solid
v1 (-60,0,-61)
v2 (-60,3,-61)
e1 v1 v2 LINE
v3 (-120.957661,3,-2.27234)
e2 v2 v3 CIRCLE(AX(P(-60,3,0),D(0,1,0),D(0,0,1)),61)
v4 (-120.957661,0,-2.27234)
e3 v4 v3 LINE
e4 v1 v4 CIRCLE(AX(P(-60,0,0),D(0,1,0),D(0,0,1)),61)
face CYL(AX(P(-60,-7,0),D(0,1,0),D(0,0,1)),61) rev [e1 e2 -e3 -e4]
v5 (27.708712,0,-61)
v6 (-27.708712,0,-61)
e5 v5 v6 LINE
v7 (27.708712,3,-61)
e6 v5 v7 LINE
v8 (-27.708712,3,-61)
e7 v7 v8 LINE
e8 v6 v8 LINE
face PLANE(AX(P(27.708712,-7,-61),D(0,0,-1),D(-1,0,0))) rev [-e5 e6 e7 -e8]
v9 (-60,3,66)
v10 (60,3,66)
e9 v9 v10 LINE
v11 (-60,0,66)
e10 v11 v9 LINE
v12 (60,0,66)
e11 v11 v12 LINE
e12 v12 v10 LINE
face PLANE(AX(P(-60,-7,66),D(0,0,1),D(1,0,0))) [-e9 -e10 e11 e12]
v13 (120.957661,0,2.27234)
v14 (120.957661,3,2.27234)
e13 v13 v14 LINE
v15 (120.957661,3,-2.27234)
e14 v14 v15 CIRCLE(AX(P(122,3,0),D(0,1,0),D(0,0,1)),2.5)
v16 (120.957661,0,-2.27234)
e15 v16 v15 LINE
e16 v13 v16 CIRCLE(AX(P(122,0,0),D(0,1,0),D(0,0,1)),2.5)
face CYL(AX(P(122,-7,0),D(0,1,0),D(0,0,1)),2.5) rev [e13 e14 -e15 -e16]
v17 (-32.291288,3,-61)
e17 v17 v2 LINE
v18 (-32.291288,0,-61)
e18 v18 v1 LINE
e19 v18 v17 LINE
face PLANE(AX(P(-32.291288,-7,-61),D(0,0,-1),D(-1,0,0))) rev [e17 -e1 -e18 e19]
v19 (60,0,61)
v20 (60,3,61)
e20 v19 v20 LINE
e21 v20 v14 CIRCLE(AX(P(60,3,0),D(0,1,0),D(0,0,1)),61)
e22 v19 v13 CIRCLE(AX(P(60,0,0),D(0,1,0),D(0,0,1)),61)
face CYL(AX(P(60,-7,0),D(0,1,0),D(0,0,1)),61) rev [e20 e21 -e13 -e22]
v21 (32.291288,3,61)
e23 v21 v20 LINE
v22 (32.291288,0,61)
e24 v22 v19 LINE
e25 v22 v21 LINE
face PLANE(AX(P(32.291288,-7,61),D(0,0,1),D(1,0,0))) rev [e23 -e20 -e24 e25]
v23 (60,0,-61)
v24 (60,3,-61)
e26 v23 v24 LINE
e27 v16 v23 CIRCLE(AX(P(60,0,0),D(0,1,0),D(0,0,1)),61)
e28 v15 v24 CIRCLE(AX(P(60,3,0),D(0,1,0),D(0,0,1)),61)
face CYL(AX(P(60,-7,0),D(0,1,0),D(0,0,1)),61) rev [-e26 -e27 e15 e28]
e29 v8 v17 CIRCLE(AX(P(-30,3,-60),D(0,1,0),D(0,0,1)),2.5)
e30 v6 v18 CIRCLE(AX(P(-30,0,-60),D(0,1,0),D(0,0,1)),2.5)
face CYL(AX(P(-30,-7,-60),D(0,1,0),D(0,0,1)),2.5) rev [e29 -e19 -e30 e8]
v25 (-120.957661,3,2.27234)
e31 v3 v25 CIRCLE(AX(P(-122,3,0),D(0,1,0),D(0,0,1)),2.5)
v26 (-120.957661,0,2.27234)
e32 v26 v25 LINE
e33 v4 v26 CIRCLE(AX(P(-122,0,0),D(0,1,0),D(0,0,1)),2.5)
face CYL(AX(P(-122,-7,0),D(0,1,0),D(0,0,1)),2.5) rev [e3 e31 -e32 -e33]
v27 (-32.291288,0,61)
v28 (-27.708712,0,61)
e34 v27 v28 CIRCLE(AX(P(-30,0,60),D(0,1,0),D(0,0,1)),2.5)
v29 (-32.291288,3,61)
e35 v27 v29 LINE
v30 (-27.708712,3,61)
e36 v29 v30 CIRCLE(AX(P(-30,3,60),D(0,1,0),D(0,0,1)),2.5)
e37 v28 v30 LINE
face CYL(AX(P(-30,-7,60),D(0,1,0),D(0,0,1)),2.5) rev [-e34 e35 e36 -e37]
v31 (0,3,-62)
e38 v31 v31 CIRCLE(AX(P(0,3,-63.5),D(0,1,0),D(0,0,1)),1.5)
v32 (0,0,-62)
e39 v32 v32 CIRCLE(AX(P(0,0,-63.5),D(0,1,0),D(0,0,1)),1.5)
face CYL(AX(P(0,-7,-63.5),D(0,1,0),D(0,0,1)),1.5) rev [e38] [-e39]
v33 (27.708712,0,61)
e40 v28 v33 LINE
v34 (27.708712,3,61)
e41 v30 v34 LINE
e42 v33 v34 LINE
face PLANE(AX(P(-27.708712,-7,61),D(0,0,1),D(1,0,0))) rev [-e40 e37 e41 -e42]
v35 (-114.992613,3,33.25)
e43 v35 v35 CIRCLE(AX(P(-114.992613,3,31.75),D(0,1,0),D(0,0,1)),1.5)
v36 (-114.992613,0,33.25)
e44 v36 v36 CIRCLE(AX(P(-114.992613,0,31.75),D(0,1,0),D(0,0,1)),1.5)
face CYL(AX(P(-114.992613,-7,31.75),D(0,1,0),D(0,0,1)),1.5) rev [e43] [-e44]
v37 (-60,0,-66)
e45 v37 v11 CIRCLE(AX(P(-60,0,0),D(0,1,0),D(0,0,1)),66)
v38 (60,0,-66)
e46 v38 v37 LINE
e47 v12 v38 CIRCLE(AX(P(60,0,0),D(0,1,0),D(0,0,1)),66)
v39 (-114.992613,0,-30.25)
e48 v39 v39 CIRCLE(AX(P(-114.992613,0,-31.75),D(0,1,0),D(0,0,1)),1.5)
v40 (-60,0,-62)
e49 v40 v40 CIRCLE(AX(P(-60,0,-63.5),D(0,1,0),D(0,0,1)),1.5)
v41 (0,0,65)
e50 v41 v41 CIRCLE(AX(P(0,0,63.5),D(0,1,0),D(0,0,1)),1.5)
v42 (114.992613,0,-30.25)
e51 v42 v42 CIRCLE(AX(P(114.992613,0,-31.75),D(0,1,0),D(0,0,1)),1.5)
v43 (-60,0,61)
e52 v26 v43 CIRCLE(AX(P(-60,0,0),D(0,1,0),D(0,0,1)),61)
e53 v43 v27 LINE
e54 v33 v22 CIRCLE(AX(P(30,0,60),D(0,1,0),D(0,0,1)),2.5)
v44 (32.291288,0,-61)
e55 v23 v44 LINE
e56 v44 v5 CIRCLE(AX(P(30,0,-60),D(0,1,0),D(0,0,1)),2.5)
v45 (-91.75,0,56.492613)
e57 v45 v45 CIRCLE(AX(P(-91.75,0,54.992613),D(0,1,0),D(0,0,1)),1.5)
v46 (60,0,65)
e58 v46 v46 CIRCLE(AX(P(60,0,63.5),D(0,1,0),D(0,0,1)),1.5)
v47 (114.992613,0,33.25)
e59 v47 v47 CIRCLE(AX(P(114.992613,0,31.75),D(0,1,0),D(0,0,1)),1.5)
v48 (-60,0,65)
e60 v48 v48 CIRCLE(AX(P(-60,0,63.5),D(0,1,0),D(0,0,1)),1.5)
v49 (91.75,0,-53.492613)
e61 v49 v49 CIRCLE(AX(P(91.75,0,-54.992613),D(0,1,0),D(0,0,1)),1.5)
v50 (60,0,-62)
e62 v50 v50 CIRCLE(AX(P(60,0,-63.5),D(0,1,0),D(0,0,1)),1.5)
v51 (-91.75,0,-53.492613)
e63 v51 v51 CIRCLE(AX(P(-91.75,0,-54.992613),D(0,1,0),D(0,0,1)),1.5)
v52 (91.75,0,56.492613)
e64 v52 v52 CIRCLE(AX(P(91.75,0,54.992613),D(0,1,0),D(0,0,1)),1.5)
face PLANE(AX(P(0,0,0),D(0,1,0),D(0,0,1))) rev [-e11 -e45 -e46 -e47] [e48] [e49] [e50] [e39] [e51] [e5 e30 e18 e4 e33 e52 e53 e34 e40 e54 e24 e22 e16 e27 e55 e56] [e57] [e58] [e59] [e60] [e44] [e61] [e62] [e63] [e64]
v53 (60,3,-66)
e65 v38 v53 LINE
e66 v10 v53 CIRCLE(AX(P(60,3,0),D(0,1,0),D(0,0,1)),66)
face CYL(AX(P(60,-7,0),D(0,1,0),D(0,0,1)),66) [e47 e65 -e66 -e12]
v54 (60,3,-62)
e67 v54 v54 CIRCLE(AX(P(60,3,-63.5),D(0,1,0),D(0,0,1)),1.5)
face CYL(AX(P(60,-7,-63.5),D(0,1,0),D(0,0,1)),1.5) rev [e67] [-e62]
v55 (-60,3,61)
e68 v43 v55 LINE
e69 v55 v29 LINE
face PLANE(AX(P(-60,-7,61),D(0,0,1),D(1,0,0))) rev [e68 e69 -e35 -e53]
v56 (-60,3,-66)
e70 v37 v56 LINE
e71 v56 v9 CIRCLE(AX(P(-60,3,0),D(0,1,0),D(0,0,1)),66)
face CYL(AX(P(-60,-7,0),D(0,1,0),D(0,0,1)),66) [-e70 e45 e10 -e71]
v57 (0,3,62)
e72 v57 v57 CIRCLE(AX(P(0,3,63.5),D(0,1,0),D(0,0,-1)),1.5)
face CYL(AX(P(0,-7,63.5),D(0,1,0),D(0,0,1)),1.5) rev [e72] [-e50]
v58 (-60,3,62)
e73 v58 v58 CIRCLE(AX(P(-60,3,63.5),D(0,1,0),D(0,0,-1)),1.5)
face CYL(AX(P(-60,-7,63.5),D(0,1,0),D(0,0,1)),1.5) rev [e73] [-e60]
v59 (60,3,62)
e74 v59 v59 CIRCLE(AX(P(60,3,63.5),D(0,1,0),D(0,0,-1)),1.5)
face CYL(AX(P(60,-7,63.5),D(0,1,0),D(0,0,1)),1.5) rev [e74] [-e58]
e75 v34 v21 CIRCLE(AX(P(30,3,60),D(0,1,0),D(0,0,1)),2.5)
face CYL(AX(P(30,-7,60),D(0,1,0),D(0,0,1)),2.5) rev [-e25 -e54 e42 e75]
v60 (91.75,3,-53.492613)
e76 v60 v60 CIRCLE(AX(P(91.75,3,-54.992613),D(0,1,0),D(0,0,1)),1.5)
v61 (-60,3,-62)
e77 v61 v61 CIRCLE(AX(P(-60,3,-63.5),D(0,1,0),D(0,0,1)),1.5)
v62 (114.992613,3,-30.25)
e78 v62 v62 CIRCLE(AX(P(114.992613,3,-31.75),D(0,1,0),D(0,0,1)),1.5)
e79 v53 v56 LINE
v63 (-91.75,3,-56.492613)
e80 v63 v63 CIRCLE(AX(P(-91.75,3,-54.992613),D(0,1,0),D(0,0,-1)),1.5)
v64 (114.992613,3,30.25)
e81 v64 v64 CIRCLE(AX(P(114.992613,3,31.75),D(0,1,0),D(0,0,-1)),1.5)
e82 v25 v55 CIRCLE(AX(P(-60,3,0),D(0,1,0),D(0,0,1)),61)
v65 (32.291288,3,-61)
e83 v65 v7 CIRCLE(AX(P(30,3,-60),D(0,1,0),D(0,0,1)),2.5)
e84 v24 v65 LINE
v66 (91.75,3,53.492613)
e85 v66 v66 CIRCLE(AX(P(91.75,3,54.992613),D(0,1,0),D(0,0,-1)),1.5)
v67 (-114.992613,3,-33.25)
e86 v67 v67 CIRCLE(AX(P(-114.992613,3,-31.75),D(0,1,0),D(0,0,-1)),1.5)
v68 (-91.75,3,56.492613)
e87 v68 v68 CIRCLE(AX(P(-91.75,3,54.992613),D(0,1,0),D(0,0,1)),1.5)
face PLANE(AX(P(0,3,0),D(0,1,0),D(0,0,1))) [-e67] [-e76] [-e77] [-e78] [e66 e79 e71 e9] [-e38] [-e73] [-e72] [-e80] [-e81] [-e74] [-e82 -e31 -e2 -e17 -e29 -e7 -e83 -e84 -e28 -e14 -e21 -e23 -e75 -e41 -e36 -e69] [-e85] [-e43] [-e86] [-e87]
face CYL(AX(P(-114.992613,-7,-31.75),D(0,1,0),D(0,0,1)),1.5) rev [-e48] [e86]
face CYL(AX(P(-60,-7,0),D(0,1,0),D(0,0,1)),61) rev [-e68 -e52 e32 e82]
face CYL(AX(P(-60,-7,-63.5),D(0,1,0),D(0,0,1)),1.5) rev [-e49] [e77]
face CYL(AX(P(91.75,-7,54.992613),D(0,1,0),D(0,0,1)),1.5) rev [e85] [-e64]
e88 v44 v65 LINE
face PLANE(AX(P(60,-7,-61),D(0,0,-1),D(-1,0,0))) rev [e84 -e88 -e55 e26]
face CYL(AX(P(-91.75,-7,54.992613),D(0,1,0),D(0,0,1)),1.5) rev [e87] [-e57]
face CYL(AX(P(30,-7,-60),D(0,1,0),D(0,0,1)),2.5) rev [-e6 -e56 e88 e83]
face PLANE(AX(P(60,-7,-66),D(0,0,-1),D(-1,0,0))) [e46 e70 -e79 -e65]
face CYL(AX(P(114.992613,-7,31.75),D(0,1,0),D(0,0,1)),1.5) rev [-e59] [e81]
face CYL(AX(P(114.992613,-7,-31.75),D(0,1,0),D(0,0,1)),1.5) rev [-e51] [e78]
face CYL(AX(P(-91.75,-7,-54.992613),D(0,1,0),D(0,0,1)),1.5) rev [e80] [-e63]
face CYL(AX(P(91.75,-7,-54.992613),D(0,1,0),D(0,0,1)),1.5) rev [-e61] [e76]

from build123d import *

# Parameters (mm, degrees)
SKETCH_1_R          = 1.5
EXTRUDE_2_DEPTH     = 3
CUT_EXTRUDE_1_DEPTH = 10
SKETCH_4_R          = 7.5
CUT_EXTRUDE_2_DEPTH = 10
SKETCH_5_R          = 1.5
CUT_EXTRUDE_3_DEPTH = 10
CUT_EXTRUDE_4_DEPTH = 10


with BuildPart() as part:
    # 草图1 → 凸台-拉伸2 (new body)
    with BuildSketch(Plane(origin=(0, 0, 0), x_dir=(1, 0, 0), z_dir=(0, 1, 0))):
        with BuildLine():
            Line((-60, 70), (60, 70))
            ThreePointArc((60, 70), (130, 0), (60, -70))
            Line((60, -70), (-60, -70))
            ThreePointArc((-60, -70), (-130, 0), (-60, 70))
        make_face()
        with Locations((-122, 0)):
            Circle(SKETCH_1_R, mode=Mode.SUBTRACT)
        with Locations((122, 0)):
            Circle(SKETCH_1_R, mode=Mode.SUBTRACT)
        with Locations((-30, 60)):
            Circle(SKETCH_1_R, mode=Mode.SUBTRACT)
        with Locations((30, 60)):
            Circle(SKETCH_1_R, mode=Mode.SUBTRACT)
        with Locations((30, -60)):
            Circle(SKETCH_1_R, mode=Mode.SUBTRACT)
        with Locations((-30, -60)):
            Circle(SKETCH_1_R, mode=Mode.SUBTRACT)
    extrude(amount=EXTRUDE_2_DEPTH)

    # 草图3 → 切除-拉伸1 (cut)
    with BuildSketch(Plane(origin=(0, 3, 0), x_dir=(1, 0, 0), z_dir=(0, 1, 0))):
        with BuildLine():
            Line((-60, -70), (60, -70))
            ThreePointArc((60, -70), (130, 0), (60, 70))
            Line((60, 70), (-60, 70))
            ThreePointArc((-60, 70), (-130, 0), (-60, -70))
        make_face()
        with BuildLine():
            Line((-60, -66), (60, -66))
            ThreePointArc((60, -66), (126, 0), (60, 66))
            Line((60, 66), (-60, 66))
            ThreePointArc((-60, 66), (-126, 0), (-60, -66))
        make_face(mode=Mode.SUBTRACT)
    extrude(amount=-CUT_EXTRUDE_1_DEPTH, mode=Mode.SUBTRACT)

    # 草图4 → 切除-拉伸2 (cut)
    with BuildSketch(Plane(origin=(0, 3, 0), x_dir=(1, 0, 0), z_dir=(0, 1, 0))):
        with Locations((-96, 0)):
            Circle(SKETCH_4_R)
        with Locations((96, 0)):
            Circle(SKETCH_4_R)
        with Locations((0, 36)):
            Circle(SKETCH_4_R)
        with Locations((0, -36)):
            Circle(SKETCH_4_R)
        with Locations((-60, -36)):
            Circle(SKETCH_4_R)
        with Locations((60, -36)):
            Circle(SKETCH_4_R)
        with Locations((30, -36)):
            Circle(SKETCH_4_R)
        with Locations((-30, -36)):
            Circle(SKETCH_4_R)
        with Locations((-85.455844123, -25.455844123)):
            Circle(SKETCH_4_R)
        with Locations((60, 36)):
            Circle(SKETCH_4_R)
        with Locations((30, 36)):
            Circle(SKETCH_4_R)
        with Locations((-85.455844123, 25.455844123)):
            Circle(SKETCH_4_R)
        with Locations((-30, 36)):
            Circle(SKETCH_4_R)
        with Locations((-60, 36)):
            Circle(SKETCH_4_R)
        with Locations((85.455844123, -25.455844123)):
            Circle(SKETCH_4_R)
        with Locations((85.455844123, 25.455844123)):
            Circle(SKETCH_4_R)
    extrude(amount=-CUT_EXTRUDE_2_DEPTH, mode=Mode.SUBTRACT)

    # 草图5 → 切除-拉伸3 (cut)
    with BuildSketch(Plane(origin=(0, 3, 0), x_dir=(1, 0, 0), z_dir=(0, 1, 0))):
        with Locations((-60, 63.5)):
            Circle(SKETCH_5_R)
        with Locations((114.99261314, 31.75)):
            Circle(SKETCH_5_R)
        with Locations((0, 63.5)):
            Circle(SKETCH_5_R)
        with Locations((60, 63.5)):
            Circle(SKETCH_5_R)
        with Locations((91.75, 54.99261314)):
            Circle(SKETCH_5_R)
        with Locations((91.75, -54.99261314)):
            Circle(SKETCH_5_R)
        with Locations((114.99261314, -31.75)):
            Circle(SKETCH_5_R)
        with Locations((-91.75, -54.99261314)):
            Circle(SKETCH_5_R)
        with Locations((-114.99261314, -31.75)):
            Circle(SKETCH_5_R)
        with Locations((-91.75, 54.99261314)):
            Circle(SKETCH_5_R)
        with Locations((-114.99261314, 31.75)):
            Circle(SKETCH_5_R)
        with Locations((60, -63.5)):
            Circle(SKETCH_5_R)
        with Locations((0, -63.5)):
            Circle(SKETCH_5_R)
        with Locations((-60, -63.5)):
            Circle(SKETCH_5_R)
    extrude(amount=-CUT_EXTRUDE_3_DEPTH, mode=Mode.SUBTRACT)

    # 草图6 → 切除-拉伸4 (cut)
    with BuildSketch(Plane(origin=(0, 3, 0), x_dir=(1, 0, 0), z_dir=(0, 1, 0))):
        with BuildLine():
            Line((60, 61), (32.291287847, 61))
            ThreePointArc((32.291287847, 61), (30, 62.5), (27.708712153, 61))
            Line((27.708712153, 61), (-27.708712153, 61))
            ThreePointArc((-27.708712153, 61), (-30, 62.5), (-32.291287847, 61))
            Line((-32.291287847, 61), (-60, 61))
            ThreePointArc((-60, 61), (-102.322495481, 43.929561531), (-120.95766129, 2.272340207))
            ThreePointArc((-120.95766129, 2.272340207), (-124.5, 0), (-120.95766129, -2.272340207))
            ThreePointArc((-120.95766129, -2.272340207), (-102.322495481, -43.929561531), (-60, -61))
            Line((-60, -61), (-32.291287847, -61))
            ThreePointArc((-32.291287847, -61), (-30, -62.5), (-27.708712153, -61))
            Line((-27.708712153, -61), (27.708712153, -61))
            ThreePointArc((27.708712153, -61), (30, -62.5), (32.291287847, -61))
            Line((32.291287847, -61), (60, -61))
            ThreePointArc((60, -61), (102.322495481, -43.929561531), (120.95766129, -2.272340207))
            ThreePointArc((120.95766129, -2.272340207), (124.5, 0), (120.95766129, 2.272340207))
            ThreePointArc((120.95766129, 2.272340207), (102.322495481, 43.929561531), (60, 61))
        make_face()
    extrude(amount=-CUT_EXTRUDE_4_DEPTH, mode=Mode.SUBTRACT)


solid = part.part
